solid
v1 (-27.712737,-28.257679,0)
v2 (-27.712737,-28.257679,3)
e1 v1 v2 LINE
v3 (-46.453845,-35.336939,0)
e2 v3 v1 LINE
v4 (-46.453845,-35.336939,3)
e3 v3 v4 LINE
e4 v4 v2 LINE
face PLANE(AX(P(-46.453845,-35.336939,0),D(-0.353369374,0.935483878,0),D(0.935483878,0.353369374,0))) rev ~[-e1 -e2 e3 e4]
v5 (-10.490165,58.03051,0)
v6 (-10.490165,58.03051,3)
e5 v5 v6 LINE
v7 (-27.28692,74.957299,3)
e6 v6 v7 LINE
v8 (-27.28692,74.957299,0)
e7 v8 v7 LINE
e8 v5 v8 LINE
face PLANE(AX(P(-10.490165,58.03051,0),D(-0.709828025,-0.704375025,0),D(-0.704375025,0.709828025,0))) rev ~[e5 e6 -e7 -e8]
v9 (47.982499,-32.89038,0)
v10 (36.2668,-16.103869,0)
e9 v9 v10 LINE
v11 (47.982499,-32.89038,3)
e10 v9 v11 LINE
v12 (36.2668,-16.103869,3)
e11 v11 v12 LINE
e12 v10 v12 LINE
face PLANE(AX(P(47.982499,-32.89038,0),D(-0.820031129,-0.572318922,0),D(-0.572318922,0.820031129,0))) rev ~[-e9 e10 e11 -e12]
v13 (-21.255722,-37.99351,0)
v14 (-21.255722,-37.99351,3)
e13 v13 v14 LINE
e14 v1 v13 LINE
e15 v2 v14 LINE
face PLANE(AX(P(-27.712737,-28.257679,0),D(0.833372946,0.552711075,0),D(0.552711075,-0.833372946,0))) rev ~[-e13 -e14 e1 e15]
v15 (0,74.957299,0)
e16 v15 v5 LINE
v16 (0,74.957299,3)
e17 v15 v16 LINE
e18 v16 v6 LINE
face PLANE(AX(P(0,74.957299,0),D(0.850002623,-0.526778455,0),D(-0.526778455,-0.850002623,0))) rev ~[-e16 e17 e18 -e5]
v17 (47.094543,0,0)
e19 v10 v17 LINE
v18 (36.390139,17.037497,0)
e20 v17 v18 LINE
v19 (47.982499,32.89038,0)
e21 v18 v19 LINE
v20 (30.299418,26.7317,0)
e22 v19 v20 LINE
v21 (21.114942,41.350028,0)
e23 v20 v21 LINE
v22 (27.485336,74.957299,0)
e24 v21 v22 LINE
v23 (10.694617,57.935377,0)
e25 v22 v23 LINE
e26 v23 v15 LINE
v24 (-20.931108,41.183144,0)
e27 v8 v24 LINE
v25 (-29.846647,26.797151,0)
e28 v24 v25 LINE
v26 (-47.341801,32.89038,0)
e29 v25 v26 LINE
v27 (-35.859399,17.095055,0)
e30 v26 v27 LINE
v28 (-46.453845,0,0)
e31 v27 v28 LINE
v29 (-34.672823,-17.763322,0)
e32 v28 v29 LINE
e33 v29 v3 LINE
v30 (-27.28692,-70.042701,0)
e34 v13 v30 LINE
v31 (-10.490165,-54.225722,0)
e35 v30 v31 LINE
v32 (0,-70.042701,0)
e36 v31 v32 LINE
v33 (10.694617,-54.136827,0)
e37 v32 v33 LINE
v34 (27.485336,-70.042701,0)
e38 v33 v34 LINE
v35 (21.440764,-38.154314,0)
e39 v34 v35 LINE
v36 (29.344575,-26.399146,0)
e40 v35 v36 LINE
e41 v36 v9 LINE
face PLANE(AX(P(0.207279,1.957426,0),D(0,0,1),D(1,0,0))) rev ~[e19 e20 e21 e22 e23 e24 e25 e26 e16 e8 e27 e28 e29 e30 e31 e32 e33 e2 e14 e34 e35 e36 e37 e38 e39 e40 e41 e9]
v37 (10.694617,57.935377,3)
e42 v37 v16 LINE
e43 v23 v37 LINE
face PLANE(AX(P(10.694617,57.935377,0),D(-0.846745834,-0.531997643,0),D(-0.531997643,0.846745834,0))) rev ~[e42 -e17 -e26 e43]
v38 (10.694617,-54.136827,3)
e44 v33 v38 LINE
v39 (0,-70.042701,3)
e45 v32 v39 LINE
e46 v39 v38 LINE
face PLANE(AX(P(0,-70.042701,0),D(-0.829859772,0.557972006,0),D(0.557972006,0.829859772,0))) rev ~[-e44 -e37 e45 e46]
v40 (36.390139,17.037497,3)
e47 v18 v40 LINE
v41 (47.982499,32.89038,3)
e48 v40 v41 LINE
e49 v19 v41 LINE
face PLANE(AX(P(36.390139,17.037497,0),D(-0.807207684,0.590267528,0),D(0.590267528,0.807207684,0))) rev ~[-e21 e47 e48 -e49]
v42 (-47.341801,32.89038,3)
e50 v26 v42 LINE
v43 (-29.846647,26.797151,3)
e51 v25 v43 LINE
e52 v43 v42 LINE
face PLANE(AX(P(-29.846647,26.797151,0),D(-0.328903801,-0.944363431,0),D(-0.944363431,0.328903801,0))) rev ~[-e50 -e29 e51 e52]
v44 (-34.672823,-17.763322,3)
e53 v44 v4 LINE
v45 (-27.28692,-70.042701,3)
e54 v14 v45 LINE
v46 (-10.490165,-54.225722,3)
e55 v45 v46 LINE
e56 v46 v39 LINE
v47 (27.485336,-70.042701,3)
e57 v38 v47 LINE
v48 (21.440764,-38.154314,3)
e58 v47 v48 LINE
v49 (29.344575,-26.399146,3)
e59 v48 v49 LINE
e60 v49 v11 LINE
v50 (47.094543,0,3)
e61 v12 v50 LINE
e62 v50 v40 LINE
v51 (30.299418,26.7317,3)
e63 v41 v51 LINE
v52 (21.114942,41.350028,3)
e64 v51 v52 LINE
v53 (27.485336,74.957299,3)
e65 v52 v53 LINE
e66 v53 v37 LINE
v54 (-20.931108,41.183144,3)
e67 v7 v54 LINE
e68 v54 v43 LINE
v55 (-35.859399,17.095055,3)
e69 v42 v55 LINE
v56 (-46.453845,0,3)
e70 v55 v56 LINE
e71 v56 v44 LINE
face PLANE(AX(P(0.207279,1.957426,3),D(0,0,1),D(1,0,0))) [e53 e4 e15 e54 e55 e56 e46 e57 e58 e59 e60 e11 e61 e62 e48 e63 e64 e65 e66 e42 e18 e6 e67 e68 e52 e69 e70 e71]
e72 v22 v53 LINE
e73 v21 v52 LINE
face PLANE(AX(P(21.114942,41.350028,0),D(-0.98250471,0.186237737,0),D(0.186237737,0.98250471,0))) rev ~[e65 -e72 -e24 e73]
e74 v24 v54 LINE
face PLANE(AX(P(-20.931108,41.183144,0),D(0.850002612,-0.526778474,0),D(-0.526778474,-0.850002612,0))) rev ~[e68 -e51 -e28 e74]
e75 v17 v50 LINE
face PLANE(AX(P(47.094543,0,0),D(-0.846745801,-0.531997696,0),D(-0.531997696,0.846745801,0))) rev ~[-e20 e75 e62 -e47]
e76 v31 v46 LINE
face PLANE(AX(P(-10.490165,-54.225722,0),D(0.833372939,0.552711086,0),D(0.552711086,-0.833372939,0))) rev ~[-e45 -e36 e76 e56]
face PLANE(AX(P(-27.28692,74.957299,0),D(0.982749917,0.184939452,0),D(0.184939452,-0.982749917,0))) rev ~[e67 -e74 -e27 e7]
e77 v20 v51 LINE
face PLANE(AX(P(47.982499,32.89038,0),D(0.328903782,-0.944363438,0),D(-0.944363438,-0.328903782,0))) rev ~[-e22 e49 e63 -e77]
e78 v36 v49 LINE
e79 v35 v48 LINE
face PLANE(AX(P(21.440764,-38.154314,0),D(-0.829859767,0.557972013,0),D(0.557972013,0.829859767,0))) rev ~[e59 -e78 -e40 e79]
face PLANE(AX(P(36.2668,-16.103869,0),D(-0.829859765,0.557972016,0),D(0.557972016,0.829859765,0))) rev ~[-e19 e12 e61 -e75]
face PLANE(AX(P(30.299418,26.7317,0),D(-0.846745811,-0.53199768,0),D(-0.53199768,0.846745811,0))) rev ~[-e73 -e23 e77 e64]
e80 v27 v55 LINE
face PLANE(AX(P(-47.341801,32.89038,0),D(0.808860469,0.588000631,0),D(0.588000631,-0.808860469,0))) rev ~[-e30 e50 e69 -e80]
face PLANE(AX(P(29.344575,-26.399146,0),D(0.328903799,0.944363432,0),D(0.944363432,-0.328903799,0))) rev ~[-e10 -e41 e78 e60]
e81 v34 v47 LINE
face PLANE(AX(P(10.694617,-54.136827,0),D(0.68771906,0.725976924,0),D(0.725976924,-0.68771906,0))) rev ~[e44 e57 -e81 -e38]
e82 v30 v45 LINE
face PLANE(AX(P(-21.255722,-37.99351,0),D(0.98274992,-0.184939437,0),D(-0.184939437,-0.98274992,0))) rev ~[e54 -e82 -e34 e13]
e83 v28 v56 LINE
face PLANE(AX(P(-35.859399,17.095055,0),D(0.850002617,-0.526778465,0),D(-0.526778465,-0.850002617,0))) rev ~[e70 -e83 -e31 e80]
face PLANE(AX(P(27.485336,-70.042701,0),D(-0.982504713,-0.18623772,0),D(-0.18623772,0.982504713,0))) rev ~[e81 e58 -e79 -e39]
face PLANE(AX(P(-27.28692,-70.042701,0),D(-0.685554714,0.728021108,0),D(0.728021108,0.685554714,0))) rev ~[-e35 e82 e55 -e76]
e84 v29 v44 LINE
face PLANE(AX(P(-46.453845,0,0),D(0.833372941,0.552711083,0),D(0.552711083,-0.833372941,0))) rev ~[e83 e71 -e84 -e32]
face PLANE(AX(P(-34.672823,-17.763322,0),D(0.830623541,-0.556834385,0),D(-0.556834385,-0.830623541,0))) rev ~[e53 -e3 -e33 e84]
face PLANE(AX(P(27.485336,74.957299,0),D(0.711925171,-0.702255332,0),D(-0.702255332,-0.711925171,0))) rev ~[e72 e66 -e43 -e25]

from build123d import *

# Parameters (mm, degrees)
F1_DEPTH = 3


with BuildPart() as f1:
    # F0 (on Top) → F1 (new body)
    with BuildSketch(Plane.XY):
        Polygon((-35.859399, 17.095055), (-46.453845, 0), (-34.672823, -17.763322), (-46.453845, -35.336939), (-27.712737, -28.257679), (-21.255722, -37.99351), (-27.28692, -70.042701), (-10.490165, -54.225722), (0, -70.042701), (10.694617, -54.136827), (27.485336, -70.042701), (21.440764, -38.154314), (29.344575, -26.399146), (47.982499, -32.89038), (36.2668, -16.103869), (47.094543, 0), (36.390139, 17.037497), (47.982499, 32.89038), (30.299418, 26.7317), (21.114942, 41.350028), (27.485336, 74.957299), (10.694617, 57.935377), (0, 74.957299), (-10.490165, 58.03051), (-27.28692, 74.957299), (-20.931108, 41.183144), (-29.846647, 26.797151), (-47.341801, 32.89038), align=None)
    extrude(amount=F1_DEPTH)


solid = f1.part
